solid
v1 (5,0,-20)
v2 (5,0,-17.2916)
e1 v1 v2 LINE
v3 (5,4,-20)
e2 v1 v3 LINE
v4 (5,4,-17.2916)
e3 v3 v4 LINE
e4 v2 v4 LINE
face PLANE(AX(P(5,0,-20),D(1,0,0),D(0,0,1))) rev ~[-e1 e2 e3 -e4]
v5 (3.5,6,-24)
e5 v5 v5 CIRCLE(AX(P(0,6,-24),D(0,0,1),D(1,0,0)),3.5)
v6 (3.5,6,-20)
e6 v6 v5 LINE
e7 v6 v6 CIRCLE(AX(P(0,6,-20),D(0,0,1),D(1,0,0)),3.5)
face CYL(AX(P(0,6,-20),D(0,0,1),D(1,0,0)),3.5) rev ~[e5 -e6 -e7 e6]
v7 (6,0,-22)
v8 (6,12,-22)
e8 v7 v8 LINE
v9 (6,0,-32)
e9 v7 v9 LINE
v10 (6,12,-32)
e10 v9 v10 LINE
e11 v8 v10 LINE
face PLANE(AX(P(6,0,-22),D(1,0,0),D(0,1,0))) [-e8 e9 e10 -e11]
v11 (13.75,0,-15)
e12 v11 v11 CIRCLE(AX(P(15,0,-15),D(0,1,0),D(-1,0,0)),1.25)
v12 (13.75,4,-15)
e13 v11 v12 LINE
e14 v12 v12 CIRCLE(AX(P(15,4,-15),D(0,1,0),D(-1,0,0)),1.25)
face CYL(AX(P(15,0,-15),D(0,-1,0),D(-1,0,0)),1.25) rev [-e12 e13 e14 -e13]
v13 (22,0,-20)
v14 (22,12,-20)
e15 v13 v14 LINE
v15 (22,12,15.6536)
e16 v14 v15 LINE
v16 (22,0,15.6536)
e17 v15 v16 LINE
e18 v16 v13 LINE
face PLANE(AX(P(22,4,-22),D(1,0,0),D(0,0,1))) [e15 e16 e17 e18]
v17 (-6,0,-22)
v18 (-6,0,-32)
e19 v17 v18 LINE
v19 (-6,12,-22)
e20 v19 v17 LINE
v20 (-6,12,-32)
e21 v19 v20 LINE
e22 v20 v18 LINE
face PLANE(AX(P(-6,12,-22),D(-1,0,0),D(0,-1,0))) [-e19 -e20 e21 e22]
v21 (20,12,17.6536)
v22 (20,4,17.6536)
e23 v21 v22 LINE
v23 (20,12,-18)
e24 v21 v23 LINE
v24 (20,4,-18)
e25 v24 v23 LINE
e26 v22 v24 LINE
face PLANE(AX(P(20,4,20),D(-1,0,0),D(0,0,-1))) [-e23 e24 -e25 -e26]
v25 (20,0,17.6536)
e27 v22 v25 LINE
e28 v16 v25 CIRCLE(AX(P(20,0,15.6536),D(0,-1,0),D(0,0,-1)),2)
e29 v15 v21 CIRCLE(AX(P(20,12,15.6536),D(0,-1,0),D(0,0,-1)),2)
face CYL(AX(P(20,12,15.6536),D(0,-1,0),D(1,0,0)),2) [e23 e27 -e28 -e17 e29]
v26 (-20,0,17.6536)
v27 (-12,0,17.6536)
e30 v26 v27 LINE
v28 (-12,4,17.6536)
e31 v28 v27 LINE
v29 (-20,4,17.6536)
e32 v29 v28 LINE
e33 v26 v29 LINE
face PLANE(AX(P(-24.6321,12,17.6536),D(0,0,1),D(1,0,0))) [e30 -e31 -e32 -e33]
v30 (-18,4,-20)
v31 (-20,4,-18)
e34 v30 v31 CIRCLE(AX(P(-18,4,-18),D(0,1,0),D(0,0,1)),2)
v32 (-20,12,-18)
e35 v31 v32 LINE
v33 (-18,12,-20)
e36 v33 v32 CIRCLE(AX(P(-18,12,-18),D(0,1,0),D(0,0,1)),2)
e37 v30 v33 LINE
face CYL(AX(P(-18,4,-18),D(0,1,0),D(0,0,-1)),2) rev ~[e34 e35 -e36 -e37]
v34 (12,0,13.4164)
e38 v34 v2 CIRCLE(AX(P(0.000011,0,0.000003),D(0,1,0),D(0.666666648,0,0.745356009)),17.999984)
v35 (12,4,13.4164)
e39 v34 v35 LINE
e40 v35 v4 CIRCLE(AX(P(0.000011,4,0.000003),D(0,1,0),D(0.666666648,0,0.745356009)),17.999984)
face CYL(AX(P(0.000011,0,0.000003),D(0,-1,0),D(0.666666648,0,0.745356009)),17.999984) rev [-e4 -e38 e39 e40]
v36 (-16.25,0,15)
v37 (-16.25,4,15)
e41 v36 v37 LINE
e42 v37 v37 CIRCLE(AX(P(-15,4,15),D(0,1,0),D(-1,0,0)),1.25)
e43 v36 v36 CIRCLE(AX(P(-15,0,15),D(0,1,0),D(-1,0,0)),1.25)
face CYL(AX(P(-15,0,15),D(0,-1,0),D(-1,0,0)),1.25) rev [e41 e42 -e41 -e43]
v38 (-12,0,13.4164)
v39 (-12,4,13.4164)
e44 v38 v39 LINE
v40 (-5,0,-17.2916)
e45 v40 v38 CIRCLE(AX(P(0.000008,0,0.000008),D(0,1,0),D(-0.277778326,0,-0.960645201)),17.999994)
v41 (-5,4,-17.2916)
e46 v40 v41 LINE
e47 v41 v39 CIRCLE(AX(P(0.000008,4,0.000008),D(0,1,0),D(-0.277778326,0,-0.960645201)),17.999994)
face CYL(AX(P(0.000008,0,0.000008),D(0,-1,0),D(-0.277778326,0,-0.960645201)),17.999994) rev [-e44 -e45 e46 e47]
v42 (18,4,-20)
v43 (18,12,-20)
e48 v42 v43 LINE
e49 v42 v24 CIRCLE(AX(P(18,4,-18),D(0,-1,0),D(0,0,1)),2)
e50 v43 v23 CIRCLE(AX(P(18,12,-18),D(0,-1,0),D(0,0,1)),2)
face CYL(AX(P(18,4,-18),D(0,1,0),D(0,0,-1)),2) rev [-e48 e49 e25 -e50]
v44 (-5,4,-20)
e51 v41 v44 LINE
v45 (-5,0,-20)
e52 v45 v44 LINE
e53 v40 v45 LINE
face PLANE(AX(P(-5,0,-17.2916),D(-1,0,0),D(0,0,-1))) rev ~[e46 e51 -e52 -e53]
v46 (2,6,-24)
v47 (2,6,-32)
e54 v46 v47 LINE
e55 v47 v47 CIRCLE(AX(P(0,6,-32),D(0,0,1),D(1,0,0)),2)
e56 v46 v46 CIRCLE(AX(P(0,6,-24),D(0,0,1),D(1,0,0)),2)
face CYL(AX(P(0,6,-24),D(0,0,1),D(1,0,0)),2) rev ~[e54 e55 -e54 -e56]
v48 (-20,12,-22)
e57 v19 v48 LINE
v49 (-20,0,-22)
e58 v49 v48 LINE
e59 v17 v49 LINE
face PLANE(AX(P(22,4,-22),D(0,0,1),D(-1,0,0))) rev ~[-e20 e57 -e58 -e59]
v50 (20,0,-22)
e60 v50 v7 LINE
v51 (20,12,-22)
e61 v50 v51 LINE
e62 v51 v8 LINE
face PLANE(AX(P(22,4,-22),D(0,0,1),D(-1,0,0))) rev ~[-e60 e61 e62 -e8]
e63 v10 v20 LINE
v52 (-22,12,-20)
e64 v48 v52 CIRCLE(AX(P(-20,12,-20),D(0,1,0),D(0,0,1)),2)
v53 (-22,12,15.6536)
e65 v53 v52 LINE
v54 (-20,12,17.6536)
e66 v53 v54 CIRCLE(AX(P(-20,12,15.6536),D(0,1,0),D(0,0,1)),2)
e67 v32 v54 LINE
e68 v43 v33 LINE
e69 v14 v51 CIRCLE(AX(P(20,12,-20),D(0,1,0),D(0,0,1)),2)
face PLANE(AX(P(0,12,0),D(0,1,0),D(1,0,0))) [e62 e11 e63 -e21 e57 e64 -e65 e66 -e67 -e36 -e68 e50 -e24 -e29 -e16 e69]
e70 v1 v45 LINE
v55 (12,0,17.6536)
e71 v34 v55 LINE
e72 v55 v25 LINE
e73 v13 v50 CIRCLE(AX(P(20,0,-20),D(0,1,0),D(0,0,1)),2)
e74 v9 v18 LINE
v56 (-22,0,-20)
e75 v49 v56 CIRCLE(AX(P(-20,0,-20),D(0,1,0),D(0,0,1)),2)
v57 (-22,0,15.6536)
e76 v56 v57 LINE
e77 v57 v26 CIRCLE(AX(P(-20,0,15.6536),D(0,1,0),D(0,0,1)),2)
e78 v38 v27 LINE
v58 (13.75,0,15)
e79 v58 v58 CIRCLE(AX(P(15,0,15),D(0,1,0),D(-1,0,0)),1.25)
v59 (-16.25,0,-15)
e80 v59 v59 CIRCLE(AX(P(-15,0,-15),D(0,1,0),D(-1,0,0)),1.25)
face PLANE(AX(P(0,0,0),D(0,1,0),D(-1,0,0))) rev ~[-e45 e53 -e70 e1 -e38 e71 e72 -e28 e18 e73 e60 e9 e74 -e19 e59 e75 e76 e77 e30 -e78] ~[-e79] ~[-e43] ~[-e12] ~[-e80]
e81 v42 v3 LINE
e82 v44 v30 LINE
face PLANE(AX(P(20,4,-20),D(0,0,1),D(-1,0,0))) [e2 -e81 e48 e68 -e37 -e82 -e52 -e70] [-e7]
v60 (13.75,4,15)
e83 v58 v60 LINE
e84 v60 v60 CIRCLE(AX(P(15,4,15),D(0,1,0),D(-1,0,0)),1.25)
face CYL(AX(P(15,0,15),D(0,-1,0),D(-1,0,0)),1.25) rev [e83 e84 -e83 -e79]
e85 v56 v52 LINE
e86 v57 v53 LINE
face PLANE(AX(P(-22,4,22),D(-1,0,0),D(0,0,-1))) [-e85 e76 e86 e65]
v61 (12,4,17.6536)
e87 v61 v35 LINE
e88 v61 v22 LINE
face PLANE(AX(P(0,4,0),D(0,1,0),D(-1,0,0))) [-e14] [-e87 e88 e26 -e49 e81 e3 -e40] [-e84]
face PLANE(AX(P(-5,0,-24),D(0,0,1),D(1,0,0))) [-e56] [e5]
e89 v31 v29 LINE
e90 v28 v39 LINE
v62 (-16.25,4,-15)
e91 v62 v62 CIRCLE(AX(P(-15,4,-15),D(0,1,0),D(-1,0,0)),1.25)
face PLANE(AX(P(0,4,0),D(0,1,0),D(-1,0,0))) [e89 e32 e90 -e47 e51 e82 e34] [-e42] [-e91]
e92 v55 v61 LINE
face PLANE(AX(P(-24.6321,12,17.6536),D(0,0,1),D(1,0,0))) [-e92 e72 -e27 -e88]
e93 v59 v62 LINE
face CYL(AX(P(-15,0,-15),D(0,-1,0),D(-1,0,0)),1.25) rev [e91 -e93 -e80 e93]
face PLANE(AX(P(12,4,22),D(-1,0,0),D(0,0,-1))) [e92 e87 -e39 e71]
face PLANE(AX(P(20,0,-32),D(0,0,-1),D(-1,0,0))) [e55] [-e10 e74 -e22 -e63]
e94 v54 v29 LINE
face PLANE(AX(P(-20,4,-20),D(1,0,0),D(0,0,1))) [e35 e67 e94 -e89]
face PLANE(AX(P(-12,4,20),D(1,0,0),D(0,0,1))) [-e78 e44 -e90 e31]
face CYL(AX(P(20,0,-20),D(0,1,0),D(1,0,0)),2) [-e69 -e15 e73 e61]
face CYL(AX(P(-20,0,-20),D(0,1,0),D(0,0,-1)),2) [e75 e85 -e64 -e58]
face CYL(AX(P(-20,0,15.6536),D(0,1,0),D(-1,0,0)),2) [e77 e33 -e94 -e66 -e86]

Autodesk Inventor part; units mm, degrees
ref_plane "YZ Plane" through (0, 0, 0) normal (1, 0, 0) x (0, 1, 0)
ref_plane "XZ Plane" through (0, 0, 0) normal (0, 1, 0) x (-1, 0, 0)
ref_plane "XY Plane" through (0, 0, 0) normal (0, 0, 1) x (1, 0, 0)
sketch "Sketch1" plane through (0, 0, 0) normal (0, 1, 0) x (-1, 0, 0)
  line L0 (19, 19) -> (-19, 19) construction
  line L1 (-19, 19) -> (-19, -19) construction
  line L2 (-19, -19) -> (19, -19) construction
  line L3 (19, -19) -> (19, 19) construction
  line L4 (19, 19) -> (-19, -19) construction
  line L5 (-19, 19) -> (19, -19) construction
  circle A0 centre (15, -15) radius 1.25
  circle A1 centre (-15, -15) radius 1.25
  circle A2 centre (-15, 15) radius 1.25
  circle A3 centre (15, 15) radius 1.25
  line L6 (-20, 20) -> (-20, -20)
  line L7 (-20, -20) -> (20, -20)
  line L8 (20, -20) -> (20, 20)
  line L9 (20, 20) -> (-20, -20) construction
  line L10 (-20, 20) -> (20, -20) construction
  line L11 (-22, 22) -> (-22, -22)
  line L12 (-22, -22) -> (22, -22)
  line L13 (22, -22) -> (22, 22)
  line L14 (22, 22) -> (-22, -22) construction
  line L15 (-22, 22) -> (22, -22) construction
  line L16 (12, 13.4164) -> (12, 22)
  line L17 (-12, 13.4164) -> (-12, 22)
  line L18 (20, 20) -> (12, 20)
  line L19 (-12, 20) -> (-20, 20)
  line L20 (22, 22) -> (12, 22)
  line L21 (-12, 22) -> (-22, 22)
  line L22 (5, -17.2916) -> (5, -20)
  line L23 (-5, -20) -> (-5, -17.2916)
  arc A4 (-12, 13.4164) -> (-5, -17.2916) centre (0, 0) ccw
  arc A5 (5, -17.2916) -> (12, 13.4164) centre (0, 0) ccw
  dimension "d0" = 38
  dimension "d1" = 38
  dimension "d2" = 4
  dimension "d3" = 4
  dimension "d4" = 4
  dimension "d5" = 4
  dimension "d6" = 2.5
  dimension "d7" = 2.5
  dimension "d8" = 2.5
  dimension "d9" = 2.5
  dimension "d11" = 40
  dimension "d12" = 40
  dimension "d13" = 44
  dimension "d14" = 44
  dimension "d15" = 10
  dimension "d16" = 10
  dimension "d17" = 17
  dimension "d18" = 17
  dimension "d19" = 18
  dimension "d20" = 18
extrude "Extrusion1" add sketch "Sketch1" along normal blind 4
sketch "Sketch2" plane through (0, 4, 0) normal (0, 1, 0) x (1, 0, 0)
  line L0 (22, 22) -> (-22, 22) projected
  line L1 (-22, 22) -> (22, 22)
  line L2 (12, -22) -> (22, -22) projected
  line L3 (22, 22) -> (22, -22)
  line L4 (22, -22) -> (12, -22)
  line L5 (12, -22) -> (12, -20)
  line L6 (12, -20) -> (20, -20)
  line L7 (20, -20) -> (20, 20)
  line L8 (20, 20) -> (-20, 20)
  line L9 (-20, 20) -> (-20, -20)
  line L10 (-22, -22) -> (-12, -22) projected
  line L11 (-20, 20) -> (20, 20) construction
  line L12 (-20, -20) -> (-12, -20)
  line L13 (-12, -20) -> (-12, -22)
  line L14 (-12, -22) -> (-22, -22)
  line L15 (-22, -22) -> (-22, 22)
  point P0 (0, 0)
  dimension "d23" = 2
  dimension "d24" = 8
  dimension "d25" = 40
  dimension "d26" = 40
  dimension "d27" = 40
  dimension "d28" = 90
extrude "Extrusion2" add sketch "Sketch2" along normal blind 8
sketch "Sketch3" plane through (0, 12, 0) normal (0, 1, 0) x (1, 0, 0)
  line L0 (-24.6321, -17.6536) -> (24.6321, -17.6536)
  line L1 (24.6321, -17.6536) -> (24.6321, -22.4819)
  line L2 (24.6321, -22.4819) -> (-24.6321, -22.4819)
  line L3 (-24.6321, -22.4819) -> (-24.6321, -17.6536)
  line L4 (-24.6321, -17.6536) -> (24.6321, -22.4819) construction
  line L5 (24.6321, -17.6536) -> (-24.6321, -22.4819) construction
  point P0 (0, 0)
  point P1 (0, -20.0678)
extrude "Extrusion3" cut sketch "Sketch3" against normal through all
fillet "Fillet2" radius 2 6 edges at (20, 8, -20) (-20, 8, -20) (-22, 6, 17.6536) (22, 6, 17.6536) (22, 6, -22) (-22, 6, -22)
sketch "Sketch4" plane through (20, 0, -22) normal (0, 0, -1) x (-1, 0, 0)
  line L0 (0, 0) -> (40, 0) projected
  line L1 (26, 0) -> (14, 0)
  line L2 (14, 0) -> (14, 12)
  line L3 (14, 12) -> (26, 12)
  line L4 (26, 12) -> (26, 0)
  point P0 (20, 0)
  point P1 (20, 0)
  dimension "d35" = 12
  dimension "d36" = 12
  dimension "d37" = 6
extrude "Extrusion4" add sketch "Sketch4" along normal blind 10
sketch "Sketch5" plane through (-5, 0, -20) normal (0, 0, 1) x (1, 0, 0)
  circle A0 centre (5, 6) radius 3.5
  line L0 (-13, 12) -> (23, 12) projected
  line L1 (27, 0) -> (27, 12) projected
  point P0 (5, 0)
  dimension "d40" = 7
  dimension "d41" = 6
  dimension "d42" = 22
extrude "Extrusion5" cut sketch "Sketch5" against normal blind 4
sketch "Sketch6" plane through (0, 6, -24) normal (0, 0, 1) x (1, 0, 0)
  circle A0 centre (0, 0) radius 2
  line L0 (-18, 6) -> (18, 6) projected
  line L1 (22, -6) -> (22, 6) projected
  point P0 (0, -6)
  dimension "d45" = 4
  dimension "d46" = 6
  dimension "d47" = 22
extrude "Extrusion6" cut sketch "Sketch6" against normal through all
properties part number "CameraMount1"
